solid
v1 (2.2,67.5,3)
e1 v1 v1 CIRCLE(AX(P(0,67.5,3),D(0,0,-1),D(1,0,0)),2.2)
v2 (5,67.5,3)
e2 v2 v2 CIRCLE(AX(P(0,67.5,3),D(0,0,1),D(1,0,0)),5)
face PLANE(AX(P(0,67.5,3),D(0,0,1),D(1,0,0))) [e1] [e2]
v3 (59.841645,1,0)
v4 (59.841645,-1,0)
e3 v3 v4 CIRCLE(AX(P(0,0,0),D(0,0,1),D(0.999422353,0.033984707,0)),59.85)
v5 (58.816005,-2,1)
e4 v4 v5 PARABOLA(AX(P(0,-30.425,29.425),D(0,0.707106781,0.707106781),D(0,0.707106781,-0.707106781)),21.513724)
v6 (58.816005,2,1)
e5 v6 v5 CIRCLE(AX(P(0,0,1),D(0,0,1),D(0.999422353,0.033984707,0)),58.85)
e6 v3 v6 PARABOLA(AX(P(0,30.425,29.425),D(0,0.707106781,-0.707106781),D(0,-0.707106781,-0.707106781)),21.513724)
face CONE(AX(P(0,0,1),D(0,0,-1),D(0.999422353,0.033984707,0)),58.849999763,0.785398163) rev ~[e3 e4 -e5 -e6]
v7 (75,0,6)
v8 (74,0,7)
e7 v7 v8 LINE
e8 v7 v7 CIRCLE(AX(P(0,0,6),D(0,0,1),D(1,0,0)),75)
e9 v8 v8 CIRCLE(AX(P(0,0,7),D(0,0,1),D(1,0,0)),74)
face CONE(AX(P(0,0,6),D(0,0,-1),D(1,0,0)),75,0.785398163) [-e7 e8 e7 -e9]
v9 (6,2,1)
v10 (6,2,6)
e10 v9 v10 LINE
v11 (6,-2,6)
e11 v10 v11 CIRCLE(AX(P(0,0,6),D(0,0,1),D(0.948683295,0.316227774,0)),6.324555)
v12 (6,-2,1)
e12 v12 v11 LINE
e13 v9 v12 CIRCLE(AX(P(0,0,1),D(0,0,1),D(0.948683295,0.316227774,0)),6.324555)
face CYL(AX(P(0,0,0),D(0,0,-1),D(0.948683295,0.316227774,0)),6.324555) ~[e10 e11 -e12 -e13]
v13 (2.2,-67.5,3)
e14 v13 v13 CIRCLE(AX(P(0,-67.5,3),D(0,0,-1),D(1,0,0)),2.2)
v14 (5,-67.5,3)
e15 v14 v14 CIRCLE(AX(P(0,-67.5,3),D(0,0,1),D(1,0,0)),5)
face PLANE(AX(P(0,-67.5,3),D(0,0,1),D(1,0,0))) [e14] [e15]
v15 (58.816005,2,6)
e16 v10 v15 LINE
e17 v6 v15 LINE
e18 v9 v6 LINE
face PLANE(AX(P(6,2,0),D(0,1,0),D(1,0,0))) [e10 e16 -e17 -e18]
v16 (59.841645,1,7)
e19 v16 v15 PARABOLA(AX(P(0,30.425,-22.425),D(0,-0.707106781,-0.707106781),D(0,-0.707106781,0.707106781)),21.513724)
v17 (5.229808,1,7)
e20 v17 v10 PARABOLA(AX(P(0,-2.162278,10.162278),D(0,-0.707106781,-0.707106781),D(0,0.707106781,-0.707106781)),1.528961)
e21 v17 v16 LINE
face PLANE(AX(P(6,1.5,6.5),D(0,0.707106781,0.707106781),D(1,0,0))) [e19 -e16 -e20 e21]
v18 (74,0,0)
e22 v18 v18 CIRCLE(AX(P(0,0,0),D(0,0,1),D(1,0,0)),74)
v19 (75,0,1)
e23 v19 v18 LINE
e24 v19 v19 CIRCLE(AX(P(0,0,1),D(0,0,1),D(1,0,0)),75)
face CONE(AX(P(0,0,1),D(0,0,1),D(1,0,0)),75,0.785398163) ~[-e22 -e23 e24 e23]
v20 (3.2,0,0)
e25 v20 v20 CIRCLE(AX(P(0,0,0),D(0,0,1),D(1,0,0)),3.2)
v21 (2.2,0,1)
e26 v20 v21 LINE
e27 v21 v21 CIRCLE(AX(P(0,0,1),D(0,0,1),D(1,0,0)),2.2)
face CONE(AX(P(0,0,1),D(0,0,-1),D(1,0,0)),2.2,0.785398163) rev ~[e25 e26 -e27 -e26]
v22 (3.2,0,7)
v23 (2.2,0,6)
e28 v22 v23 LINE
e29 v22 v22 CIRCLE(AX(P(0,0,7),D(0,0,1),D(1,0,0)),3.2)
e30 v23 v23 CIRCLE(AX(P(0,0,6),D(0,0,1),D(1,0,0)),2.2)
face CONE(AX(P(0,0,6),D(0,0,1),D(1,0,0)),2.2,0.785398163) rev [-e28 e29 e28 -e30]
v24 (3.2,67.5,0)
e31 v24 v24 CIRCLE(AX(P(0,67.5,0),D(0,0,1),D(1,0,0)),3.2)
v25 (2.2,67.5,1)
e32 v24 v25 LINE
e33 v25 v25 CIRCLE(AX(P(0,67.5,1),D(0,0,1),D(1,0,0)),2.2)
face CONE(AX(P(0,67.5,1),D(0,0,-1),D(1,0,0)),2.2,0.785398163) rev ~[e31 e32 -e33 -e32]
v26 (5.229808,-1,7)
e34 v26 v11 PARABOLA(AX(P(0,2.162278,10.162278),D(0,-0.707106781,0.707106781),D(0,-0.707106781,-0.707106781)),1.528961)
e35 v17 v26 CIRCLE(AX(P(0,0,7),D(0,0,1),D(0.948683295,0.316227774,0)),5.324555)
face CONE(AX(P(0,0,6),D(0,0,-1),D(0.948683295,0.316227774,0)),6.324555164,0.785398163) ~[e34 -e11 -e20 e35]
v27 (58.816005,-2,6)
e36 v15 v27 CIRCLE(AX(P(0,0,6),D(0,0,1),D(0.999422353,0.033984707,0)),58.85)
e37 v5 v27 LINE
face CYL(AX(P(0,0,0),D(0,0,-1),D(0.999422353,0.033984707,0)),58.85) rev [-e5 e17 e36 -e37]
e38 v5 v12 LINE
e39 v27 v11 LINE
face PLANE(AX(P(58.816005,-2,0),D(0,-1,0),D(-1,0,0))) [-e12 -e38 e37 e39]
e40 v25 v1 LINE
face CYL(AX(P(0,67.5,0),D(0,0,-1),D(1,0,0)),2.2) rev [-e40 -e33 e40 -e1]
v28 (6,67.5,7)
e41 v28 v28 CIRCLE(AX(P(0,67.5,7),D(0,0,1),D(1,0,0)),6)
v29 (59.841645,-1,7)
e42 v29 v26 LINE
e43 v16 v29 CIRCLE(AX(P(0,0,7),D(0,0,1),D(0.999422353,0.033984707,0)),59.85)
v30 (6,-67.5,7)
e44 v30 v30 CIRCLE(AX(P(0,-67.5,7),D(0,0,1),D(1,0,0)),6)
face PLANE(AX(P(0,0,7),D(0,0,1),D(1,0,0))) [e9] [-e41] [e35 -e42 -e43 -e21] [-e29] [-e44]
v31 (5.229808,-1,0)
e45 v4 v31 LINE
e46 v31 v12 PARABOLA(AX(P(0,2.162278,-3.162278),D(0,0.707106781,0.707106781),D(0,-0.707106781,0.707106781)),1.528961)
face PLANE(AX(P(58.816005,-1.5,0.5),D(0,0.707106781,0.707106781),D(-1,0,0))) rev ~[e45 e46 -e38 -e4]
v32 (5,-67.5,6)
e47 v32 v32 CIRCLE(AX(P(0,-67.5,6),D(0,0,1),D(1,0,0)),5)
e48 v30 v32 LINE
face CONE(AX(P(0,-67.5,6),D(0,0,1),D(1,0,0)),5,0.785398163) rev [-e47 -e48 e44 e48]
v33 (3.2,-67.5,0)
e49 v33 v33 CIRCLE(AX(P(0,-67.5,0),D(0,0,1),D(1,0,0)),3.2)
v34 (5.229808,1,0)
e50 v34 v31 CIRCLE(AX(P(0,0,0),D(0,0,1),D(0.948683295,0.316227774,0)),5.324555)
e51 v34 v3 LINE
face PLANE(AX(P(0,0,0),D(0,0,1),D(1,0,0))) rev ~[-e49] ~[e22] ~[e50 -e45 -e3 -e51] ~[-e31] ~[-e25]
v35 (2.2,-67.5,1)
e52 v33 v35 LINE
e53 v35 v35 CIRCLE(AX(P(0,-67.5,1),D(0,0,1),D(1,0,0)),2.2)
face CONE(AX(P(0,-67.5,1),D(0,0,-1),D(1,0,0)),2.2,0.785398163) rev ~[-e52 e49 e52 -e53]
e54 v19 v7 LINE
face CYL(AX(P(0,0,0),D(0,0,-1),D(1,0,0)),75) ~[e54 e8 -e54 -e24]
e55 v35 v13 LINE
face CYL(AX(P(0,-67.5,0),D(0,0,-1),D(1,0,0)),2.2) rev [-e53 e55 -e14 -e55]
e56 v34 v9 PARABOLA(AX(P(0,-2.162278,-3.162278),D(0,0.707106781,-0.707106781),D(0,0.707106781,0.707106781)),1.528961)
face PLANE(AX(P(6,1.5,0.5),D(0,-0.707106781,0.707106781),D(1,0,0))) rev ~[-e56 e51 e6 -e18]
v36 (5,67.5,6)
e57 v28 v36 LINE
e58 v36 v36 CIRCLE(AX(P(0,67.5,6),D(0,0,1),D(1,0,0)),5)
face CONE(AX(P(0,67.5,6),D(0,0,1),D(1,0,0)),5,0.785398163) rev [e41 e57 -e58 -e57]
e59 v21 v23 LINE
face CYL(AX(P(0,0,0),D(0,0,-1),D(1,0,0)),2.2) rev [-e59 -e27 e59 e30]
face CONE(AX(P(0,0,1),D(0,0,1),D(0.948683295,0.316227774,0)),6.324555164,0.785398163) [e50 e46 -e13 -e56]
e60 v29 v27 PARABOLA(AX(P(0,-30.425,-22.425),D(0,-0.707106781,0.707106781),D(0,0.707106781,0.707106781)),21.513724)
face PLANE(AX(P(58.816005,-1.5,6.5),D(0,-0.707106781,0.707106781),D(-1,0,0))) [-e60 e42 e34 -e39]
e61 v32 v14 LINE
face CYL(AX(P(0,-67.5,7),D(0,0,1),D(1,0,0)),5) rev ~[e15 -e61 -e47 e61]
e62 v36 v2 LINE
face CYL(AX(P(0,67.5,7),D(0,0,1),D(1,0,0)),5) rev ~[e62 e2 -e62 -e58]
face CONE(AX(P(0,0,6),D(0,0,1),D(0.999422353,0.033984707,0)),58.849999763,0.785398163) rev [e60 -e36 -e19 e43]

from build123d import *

# Parameters (mm, degrees)
SKETCH004_R     = 75
SKETCH004_R_2   = 2.2
PAD003_DEPTH    = 7
SKETCH005_R     = 5
POCKET001_DEPTH = 4
CHAMFER003_SIZE = 1


with BuildPart() as part:
    # Sketch004 → Pad003 (new body)
    with BuildSketch(Plane.XY):
        Circle(SKETCH004_R)
        Circle(SKETCH004_R_2, mode=Mode.SUBTRACT)
        with Locations((0, 67.5)):
            Circle(SKETCH004_R_2, mode=Mode.SUBTRACT)
        with Locations((0, -67.5)):
            Circle(SKETCH004_R_2, mode=Mode.SUBTRACT)
        with BuildLine():
            ThreePointArc((58.816005, 2), (-58.85, 0), (58.816005, -2))
            Line((58.816005, -2), (6, -2))
            ThreePointArc((6, 2), (-6.324555, 0), (6, -2))
            Line((6, 2), (58.816005, 2))
        make_face(mode=Mode.SUBTRACT)
    extrude(amount=PAD003_DEPTH)

    # Sketch005 (on Face10 of Pad003) → Pocket001 (cut)
    with BuildSketch(Plane.XY.offset(7)):
        with Locations((0, 67.5)):
            Circle(SKETCH005_R)
        with Locations((0, -67.5)):
            Circle(SKETCH005_R)
    extrude(amount=-POCKET001_DEPTH, mode=Mode.SUBTRACT)

    # Chamfer003
    chamfer003_edges = [part.edges().sort_by_distance(p)[0] for p in [
        (-75, 0, 7),
        (-5, -67.5, 7),
        (32.408003, 2, 7),
        (-6.324555, 0, 7),
        (-58.85, 0, 7),
        (32.408003, -2, 7),
        (-2.2, 0, 7),
        (-5, 67.5, 7),
        (-75, 0, 0),
        (32.408003, 2, 0),
        (-58.85, 0, 0),
        (32.408003, -2, 0),
        (-6.324555, 0, 0),
        (-2.2, -67.5, 0),
        (-2.2, 67.5, 0),
        (-2.2, 0, 0),
    ]]
    chamfer(chamfer003_edges, length=CHAMFER003_SIZE)


solid = part.part
